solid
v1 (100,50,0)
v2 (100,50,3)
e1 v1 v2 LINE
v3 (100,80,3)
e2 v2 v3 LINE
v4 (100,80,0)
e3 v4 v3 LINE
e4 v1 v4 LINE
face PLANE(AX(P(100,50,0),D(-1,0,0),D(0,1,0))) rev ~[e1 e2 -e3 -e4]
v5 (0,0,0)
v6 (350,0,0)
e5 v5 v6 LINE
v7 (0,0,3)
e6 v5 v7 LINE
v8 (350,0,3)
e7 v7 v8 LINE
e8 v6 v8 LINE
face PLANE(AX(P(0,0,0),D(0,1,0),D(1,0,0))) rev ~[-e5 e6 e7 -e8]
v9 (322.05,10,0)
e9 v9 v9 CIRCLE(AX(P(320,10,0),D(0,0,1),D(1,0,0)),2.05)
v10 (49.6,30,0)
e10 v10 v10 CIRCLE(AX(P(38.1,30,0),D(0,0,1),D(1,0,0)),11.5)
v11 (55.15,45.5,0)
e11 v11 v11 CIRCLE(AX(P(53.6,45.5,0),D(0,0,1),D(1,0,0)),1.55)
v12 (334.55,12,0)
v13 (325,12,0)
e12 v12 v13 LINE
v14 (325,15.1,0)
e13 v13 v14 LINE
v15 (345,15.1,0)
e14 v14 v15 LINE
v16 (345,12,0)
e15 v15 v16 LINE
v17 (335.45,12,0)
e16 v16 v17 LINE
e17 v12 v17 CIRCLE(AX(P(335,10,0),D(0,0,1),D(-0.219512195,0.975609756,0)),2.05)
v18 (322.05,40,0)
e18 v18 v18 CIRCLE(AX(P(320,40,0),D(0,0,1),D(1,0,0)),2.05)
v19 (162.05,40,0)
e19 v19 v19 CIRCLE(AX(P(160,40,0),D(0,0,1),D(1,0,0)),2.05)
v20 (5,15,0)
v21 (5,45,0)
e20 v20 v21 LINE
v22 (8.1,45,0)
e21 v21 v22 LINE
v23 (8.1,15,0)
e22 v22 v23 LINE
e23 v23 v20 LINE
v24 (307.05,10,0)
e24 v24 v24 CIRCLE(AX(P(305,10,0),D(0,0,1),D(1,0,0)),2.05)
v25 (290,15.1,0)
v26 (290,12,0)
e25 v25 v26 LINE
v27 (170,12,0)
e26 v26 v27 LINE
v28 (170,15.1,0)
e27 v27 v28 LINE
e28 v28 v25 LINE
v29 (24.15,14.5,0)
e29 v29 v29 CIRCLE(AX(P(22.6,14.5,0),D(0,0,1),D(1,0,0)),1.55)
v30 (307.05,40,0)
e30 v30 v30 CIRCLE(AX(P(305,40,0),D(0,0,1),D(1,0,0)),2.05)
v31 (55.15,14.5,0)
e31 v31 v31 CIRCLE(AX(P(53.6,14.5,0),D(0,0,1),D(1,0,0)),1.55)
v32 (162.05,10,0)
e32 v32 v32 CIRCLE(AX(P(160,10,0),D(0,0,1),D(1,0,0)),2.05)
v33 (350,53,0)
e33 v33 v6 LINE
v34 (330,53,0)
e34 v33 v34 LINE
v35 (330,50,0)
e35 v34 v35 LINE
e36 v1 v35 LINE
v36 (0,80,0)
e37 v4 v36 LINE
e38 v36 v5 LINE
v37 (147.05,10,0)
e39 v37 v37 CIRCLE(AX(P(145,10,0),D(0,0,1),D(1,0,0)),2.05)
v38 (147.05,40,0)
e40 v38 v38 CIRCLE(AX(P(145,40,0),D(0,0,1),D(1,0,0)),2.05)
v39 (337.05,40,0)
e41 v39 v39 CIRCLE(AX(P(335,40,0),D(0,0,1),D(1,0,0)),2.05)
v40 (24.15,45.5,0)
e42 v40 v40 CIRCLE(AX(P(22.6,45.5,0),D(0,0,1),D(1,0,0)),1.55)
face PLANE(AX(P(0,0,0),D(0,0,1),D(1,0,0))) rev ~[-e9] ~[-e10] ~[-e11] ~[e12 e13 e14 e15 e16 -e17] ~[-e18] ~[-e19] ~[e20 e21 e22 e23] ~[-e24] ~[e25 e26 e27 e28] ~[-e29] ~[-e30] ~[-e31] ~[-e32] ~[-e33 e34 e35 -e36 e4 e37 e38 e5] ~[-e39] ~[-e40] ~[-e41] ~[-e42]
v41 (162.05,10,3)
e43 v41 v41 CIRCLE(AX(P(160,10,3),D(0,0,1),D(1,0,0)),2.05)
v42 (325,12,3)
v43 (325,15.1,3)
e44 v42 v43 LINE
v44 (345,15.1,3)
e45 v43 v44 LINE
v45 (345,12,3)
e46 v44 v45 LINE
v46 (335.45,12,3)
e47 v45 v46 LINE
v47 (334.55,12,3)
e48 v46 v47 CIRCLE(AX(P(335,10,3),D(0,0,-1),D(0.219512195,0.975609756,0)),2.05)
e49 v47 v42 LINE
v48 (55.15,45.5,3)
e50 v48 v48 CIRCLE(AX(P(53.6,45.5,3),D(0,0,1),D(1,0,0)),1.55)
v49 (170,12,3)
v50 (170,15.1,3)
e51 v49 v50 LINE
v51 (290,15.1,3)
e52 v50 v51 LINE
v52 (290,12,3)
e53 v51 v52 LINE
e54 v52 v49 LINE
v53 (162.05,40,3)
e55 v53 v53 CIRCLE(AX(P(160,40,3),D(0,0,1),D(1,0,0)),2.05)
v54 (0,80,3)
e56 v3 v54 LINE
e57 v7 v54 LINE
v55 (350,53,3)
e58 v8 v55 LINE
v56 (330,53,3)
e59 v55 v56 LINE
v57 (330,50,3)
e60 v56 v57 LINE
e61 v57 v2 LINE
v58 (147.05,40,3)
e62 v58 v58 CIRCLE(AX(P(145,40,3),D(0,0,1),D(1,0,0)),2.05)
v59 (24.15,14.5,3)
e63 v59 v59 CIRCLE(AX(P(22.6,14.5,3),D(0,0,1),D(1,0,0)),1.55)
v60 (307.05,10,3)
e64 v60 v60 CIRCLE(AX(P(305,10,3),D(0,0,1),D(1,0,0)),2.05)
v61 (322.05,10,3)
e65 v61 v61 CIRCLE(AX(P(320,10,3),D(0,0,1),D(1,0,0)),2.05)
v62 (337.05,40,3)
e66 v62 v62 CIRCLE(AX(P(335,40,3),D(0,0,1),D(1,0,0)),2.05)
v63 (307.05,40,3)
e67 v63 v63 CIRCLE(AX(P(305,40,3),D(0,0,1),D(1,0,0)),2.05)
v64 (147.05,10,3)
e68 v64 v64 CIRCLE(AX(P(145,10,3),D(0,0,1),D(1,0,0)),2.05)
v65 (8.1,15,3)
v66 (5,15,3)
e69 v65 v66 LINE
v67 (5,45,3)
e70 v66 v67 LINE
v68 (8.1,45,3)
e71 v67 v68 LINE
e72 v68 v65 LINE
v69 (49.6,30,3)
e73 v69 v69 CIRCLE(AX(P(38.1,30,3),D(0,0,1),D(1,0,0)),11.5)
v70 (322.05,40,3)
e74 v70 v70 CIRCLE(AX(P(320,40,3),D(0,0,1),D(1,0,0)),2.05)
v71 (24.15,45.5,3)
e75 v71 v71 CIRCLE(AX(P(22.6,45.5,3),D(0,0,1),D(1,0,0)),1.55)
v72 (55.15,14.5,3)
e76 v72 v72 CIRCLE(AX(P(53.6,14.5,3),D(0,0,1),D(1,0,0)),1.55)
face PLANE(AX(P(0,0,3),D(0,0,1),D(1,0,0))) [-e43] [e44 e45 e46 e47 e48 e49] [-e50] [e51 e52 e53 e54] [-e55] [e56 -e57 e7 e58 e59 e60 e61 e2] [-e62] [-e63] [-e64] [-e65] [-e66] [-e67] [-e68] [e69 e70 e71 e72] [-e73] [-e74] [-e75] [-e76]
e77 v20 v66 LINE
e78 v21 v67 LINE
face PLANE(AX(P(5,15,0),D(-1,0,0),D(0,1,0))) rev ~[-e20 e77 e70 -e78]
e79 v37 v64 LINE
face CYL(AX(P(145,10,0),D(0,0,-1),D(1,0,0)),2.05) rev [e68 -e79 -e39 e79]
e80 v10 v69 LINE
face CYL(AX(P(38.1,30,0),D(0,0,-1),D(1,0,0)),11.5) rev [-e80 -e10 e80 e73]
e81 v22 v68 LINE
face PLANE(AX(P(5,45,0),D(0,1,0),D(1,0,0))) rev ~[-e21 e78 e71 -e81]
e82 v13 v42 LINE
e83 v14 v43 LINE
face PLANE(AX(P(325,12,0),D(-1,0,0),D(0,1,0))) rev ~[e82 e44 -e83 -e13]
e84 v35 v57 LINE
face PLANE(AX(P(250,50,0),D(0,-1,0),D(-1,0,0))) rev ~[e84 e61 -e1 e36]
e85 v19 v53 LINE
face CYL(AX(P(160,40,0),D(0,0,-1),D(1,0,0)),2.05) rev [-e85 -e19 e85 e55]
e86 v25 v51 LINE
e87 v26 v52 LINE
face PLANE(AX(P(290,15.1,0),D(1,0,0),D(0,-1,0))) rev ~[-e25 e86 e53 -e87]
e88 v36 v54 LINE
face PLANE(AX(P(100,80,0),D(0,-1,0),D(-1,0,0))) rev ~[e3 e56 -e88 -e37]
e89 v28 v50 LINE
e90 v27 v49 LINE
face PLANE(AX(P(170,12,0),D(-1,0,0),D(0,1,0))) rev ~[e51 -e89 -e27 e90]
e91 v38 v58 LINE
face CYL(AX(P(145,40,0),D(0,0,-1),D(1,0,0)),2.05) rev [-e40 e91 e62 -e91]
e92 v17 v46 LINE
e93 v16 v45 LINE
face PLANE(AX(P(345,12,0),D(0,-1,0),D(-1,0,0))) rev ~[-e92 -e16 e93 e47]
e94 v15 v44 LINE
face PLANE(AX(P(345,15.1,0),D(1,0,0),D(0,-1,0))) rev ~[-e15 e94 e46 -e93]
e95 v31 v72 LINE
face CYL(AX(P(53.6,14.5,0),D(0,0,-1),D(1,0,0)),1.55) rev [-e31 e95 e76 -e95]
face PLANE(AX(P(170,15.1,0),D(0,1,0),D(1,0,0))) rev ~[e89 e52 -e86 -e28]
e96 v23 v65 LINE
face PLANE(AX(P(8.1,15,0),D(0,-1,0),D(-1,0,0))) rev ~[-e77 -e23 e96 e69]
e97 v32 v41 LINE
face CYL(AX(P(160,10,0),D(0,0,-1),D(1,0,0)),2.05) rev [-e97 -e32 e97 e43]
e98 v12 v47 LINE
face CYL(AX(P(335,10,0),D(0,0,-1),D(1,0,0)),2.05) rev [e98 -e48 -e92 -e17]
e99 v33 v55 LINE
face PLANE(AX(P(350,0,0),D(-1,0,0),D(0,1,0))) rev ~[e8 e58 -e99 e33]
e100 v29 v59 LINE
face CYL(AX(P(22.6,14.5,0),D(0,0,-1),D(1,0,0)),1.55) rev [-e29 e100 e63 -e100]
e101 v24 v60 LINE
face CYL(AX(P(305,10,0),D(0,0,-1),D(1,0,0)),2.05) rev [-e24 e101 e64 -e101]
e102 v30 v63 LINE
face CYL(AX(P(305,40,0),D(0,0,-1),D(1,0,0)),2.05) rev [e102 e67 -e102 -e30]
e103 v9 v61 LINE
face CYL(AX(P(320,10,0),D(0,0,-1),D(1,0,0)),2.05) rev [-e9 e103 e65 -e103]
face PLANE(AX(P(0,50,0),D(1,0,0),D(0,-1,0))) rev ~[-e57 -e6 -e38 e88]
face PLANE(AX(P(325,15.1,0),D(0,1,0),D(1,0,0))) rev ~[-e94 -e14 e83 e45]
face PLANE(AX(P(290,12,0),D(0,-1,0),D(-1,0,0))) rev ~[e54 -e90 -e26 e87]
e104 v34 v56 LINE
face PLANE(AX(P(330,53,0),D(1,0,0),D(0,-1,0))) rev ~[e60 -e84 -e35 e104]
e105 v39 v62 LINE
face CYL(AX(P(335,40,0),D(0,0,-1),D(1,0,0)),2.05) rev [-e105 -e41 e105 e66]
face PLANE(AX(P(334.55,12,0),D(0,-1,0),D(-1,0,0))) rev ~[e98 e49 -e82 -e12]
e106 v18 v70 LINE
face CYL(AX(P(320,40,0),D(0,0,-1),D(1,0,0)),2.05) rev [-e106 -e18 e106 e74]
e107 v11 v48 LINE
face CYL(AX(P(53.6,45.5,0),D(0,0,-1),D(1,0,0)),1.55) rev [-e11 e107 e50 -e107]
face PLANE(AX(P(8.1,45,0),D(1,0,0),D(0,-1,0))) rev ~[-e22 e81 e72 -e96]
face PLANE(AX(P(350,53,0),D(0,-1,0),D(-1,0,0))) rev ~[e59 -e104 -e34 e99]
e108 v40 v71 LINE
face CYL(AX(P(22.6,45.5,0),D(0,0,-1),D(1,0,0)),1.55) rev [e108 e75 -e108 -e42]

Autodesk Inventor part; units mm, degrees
ref_plane "YZ Plane" through (0, 0, 0) normal (1, 0, 0) x (0, 1, 0)
ref_plane "XZ Plane" through (0, 0, 0) normal (0, 1, 0) x (-1, 0, 0)
ref_plane "XY Plane" through (0, 0, 0) normal (0, 0, 1) x (1, 0, 0)
sketch "Sketch1" plane through (0, 0, 0) normal (0, 0, 1) x (1, 0, 0)
  line L0 (0, 0) -> (350, 0)
  line L1 (350, 0) -> (350, 50)
  line L2 (350, 50) -> (0, 50)
  line L3 (0, 50) -> (0, 0)
  circle A0 centre (22.6, 45.5) radius 1.55
  circle A1 centre (22.6, 14.5) radius 1.55
  circle A2 centre (53.6, 45.5) radius 1.55
  circle A3 centre (53.6, 14.5) radius 1.55
  circle A4 centre (38.1, 30) radius 11.5
  line L4 (170, 15.1) -> (290, 15.1)
  line L5 (290, 15.1) -> (290, 12)
  line L6 (290, 12) -> (170, 12)
  line L7 (170, 12) -> (170, 15.1)
  line L8 (0, 50) -> (89.6145, 50)
  line L9 (250, 50) -> (287.051, 50)
  line L10 (250, 50) -> (270, 50)
  line L11 (270, 50) -> (270, 53)
  line L12 (270, 53) -> (250, 53)
  line L13 (250, 53) -> (250, 50)
  line L14 (310, 50) -> (310, 53)
  line L15 (310, 53) -> (290, 53)
  line L16 (290, 53) -> (290, 50)
  line L17 (290, 50) -> (327.051, 50)
  line L18 (290, 50) -> (310, 50)
  line L19 (350, 50) -> (350, 53)
  line L20 (350, 53) -> (330, 53)
  line L21 (330, 53) -> (330, 50)
  line L22 (330, 50) -> (367.051, 50)
  line L23 (330, 50) -> (350, 50)
  line L24 (8.1, 15) -> (5, 15)
  line L25 (5, 15) -> (5, 45)
  line L26 (5, 45) -> (8.1, 45)
  line L27 (8.1, 45) -> (8.1, 15)
  line L28 (8.1, 15) -> (5, 45) construction
  line L29 (5, 15) -> (8.1, 45) construction
  circle A5 centre (335, 10) radius 2.05
  circle A6 centre (320, 10) radius 2.05
  circle A7 centre (335, 40) radius 2.05
  circle A8 centre (320, 40) radius 2.05
  circle A9 centre (305, 40) radius 2.05
  circle A10 centre (305, 10) radius 2.05
  circle A11 centre (160, 10) radius 2.05
  circle A12 centre (145, 10) radius 2.05
  circle A13 centre (160, 40) radius 2.05
  circle A14 centre (145, 40) radius 2.05
  line L30 (325, 15.1) -> (345, 15.1)
  line L31 (345, 15.1) -> (345, 12)
  line L32 (345, 12) -> (325, 12)
  line L33 (325, 12) -> (325, 15.1)
  line L34 (0, 50) -> (100, 50)
  line L35 (100, 50) -> (100, 80)
  line L36 (100, 80) -> (0, 80)
  line L37 (0, 80) -> (0, 50)
  point P0 (6.55, 30)
  point P1 (5, 30)
  point P2 (8.1, 30)
  point P3 (170, 13.55)
  point P4 (310, 50)
  point P5 (290, 50)
  point P6 (270, 50)
  point P7 (250, 50)
  dimension "d1" = 3.1
  dimension "d2" = 3.1
  dimension "d3" = 3.1
  dimension "d4" = 3.1
  dimension "d5" = 31
  dimension "d7" = 23
  dimension "d8" = 15.5
  dimension "d9" = 15.5
  dimension "d10" = 50
  dimension "d11" = 31
  dimension "d12" = 3.1
  dimension "d13" = 30
  dimension "d46" = 20
  dimension "d47" = 3
  dimension "d48" = 20
  dimension "d49" = 3
  dimension "d50" = 20
  dimension "d51" = 3
  dimension "d52" = 20
  dimension "d53" = 20
  dimension "d54" = 350
  dimension "d55" = 3.1
  dimension "d56" = 5
  dimension "d57" = 15
  dimension "d58" = 30
  dimension "d59" = 120
  dimension "d63" = 4.1
  dimension "d64" = 4.1
  dimension "d65" = 4.1
  dimension "d66" = 4.1
  dimension "d67" = 4.1
  dimension "d68" = 4.1
  dimension "d69" = 15
  dimension "d70" = 15
  dimension "d71" = 10
  dimension "d72" = 10
  dimension "d73" = 15
  dimension "d79" = 4.1
  dimension "d80" = 4.1
  dimension "d81" = 4.1
  dimension "d82" = 4.1
  dimension "d85" = 15
  dimension "d87" = 10
  dimension "d88" = 10
  dimension "d89" = 10
  dimension "d90" = 60
  dimension "d91" = 5
  dimension "d92" = 20
  dimension "d93" = 12
  dimension "d94" = 100
  dimension "d95" = 30
extrude "Extrusion1" add sketch "Sketch1" along normal blind 3 contours L3 L2 L1 L0 | L37 L36 L35 L2 | L2 L21 L20 L19
properties part number "Sideboard"
